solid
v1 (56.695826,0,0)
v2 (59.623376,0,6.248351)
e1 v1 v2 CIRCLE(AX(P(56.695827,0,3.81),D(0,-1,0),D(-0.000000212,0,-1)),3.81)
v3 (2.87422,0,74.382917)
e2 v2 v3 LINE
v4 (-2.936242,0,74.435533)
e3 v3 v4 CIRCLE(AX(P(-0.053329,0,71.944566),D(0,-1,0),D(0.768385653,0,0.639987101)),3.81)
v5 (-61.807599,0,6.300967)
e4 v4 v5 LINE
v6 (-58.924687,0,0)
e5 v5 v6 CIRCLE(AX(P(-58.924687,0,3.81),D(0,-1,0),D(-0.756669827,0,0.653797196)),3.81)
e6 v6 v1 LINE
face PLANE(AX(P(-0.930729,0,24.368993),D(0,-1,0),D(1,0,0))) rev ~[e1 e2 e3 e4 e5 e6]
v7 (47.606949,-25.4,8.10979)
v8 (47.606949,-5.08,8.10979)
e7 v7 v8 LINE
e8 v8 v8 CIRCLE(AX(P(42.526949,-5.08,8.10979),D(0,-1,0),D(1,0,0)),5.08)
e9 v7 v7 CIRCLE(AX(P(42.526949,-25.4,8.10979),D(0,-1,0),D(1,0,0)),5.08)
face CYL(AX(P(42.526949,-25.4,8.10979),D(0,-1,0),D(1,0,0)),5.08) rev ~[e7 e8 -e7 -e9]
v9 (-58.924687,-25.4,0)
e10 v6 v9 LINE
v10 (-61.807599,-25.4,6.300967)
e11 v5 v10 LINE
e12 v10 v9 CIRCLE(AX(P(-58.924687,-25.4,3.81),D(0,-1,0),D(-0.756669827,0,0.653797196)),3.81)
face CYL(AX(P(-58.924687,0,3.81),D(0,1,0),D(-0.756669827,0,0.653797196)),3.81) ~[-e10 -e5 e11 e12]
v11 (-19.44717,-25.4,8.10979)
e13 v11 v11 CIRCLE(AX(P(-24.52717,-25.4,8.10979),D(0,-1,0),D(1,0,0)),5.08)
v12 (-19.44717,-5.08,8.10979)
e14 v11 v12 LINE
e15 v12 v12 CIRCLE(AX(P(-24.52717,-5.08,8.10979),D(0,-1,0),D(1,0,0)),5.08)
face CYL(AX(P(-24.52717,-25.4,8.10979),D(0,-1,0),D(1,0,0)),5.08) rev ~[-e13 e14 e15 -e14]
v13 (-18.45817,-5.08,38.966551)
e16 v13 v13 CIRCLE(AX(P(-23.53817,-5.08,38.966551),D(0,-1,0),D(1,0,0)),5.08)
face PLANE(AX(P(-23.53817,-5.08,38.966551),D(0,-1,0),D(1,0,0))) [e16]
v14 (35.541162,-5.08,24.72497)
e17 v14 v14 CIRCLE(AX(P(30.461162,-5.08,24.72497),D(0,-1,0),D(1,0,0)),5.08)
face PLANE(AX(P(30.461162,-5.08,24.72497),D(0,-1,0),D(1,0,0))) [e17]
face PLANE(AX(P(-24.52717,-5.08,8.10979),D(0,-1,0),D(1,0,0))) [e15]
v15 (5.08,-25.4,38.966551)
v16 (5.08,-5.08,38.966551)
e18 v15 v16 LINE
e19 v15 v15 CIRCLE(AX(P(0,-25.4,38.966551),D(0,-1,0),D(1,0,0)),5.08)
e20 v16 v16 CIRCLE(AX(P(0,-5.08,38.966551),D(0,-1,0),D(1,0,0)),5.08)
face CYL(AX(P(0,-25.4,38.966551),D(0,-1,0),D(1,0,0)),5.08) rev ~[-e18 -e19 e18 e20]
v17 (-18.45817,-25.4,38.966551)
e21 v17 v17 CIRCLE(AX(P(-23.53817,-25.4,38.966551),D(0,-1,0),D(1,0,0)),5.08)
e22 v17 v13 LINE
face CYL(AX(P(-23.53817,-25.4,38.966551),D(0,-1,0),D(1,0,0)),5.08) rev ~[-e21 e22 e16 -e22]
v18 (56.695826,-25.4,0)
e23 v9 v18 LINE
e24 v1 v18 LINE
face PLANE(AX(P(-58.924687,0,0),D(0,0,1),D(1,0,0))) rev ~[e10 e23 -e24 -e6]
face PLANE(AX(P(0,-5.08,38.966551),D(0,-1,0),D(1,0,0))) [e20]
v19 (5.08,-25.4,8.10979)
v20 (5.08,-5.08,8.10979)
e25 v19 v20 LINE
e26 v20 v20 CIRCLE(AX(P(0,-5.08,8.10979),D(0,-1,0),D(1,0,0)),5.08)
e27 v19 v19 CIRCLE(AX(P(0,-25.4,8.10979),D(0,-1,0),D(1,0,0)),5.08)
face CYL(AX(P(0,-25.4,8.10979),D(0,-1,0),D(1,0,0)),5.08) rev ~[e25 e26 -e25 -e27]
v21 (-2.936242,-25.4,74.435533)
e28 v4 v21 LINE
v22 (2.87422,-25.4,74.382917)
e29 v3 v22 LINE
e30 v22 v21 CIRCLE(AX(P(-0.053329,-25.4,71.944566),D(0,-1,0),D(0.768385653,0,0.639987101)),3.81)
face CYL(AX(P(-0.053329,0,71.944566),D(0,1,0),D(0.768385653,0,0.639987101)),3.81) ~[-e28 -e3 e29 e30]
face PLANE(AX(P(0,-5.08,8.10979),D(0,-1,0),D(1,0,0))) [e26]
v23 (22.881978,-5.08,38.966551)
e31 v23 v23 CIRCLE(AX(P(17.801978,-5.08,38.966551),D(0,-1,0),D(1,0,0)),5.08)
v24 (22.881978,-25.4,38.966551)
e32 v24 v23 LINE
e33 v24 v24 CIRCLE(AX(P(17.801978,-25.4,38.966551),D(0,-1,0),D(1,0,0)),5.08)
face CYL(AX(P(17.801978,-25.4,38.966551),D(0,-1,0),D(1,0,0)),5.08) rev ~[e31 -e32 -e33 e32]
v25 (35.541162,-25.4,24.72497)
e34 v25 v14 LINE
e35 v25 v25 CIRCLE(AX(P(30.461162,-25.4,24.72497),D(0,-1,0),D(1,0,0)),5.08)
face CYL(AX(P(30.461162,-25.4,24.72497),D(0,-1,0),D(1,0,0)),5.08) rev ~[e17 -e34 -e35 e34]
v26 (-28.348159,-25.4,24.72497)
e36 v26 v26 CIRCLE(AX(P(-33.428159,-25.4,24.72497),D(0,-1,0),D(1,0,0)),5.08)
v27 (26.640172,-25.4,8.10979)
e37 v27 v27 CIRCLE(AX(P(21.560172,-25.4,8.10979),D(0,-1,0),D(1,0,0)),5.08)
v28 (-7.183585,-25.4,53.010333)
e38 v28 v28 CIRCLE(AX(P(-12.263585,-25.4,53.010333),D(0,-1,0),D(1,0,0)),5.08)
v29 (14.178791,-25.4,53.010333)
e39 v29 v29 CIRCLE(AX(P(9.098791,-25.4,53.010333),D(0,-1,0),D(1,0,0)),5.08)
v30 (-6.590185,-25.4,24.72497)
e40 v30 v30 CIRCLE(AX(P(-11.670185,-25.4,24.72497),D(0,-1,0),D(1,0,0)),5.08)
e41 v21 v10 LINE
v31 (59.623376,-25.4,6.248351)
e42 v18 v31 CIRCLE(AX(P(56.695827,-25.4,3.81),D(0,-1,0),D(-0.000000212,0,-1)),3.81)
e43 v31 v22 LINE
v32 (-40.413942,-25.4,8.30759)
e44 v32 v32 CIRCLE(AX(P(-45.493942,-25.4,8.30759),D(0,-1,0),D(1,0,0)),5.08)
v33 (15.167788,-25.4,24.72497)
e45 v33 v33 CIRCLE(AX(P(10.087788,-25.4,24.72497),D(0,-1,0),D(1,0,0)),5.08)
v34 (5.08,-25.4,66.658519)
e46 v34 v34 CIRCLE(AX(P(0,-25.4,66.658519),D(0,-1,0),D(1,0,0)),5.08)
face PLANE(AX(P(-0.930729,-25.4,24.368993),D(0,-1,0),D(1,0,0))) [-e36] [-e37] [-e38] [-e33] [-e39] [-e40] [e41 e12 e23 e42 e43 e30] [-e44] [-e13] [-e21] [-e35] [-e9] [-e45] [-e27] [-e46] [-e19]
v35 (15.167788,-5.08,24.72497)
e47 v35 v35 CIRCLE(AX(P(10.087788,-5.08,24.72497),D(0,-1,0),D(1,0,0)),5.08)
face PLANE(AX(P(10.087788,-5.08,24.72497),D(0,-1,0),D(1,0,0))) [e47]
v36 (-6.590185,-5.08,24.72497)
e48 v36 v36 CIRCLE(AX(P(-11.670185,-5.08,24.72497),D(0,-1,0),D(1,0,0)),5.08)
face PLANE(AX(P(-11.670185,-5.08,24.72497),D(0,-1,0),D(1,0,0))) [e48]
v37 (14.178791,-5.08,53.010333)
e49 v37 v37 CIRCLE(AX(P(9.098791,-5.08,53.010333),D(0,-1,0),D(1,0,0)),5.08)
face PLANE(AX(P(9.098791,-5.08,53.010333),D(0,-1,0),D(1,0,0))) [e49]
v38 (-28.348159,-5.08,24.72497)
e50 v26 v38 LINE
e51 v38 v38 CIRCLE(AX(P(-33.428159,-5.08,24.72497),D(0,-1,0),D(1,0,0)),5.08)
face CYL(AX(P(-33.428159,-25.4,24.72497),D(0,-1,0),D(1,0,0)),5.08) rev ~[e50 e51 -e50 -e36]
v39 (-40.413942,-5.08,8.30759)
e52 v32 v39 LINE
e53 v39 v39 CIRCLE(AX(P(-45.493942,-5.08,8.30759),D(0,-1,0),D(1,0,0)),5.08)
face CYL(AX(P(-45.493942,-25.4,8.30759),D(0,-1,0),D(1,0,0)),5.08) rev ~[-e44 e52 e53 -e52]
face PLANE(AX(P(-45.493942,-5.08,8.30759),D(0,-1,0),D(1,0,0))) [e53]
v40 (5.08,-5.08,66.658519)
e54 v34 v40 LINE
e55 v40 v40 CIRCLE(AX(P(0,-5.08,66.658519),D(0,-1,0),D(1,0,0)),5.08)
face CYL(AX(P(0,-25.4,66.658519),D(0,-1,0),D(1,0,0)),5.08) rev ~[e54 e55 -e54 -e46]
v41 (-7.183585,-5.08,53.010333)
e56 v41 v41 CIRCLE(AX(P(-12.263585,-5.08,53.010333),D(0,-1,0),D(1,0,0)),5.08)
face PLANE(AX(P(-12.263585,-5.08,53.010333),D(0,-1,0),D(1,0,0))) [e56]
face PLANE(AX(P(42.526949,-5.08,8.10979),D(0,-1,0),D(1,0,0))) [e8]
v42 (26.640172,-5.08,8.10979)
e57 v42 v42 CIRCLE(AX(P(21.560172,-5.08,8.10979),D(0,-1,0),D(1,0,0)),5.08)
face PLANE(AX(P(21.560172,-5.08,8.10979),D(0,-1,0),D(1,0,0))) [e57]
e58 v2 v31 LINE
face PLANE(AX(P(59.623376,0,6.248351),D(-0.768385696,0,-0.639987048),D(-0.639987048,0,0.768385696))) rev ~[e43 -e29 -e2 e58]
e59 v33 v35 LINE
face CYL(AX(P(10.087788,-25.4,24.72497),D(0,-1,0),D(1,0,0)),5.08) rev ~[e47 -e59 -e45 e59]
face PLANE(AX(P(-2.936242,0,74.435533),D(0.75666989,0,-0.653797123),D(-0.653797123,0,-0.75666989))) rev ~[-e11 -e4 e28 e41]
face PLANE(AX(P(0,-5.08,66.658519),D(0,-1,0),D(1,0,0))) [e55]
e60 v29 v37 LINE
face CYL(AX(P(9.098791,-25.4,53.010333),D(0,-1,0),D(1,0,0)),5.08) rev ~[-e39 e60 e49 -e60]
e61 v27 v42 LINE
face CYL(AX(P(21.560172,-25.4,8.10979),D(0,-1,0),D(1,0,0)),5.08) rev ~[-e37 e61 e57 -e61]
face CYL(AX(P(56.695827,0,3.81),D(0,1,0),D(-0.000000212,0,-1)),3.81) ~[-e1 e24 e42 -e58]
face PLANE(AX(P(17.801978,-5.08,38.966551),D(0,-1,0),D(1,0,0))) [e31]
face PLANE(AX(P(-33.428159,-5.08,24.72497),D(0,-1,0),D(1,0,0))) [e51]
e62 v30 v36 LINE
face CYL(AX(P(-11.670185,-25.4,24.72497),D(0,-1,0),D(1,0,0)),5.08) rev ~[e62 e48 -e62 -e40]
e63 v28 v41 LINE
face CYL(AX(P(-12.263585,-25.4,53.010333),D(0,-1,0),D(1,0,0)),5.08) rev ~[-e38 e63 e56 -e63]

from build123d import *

# Parameters (mm, degrees)
F1_DEPTH = 25.4
F2_R     = 5.08
F3_DEPTH = 20.32


with BuildPart() as f1:
    # F0 (on Front) → F1 (new body)
    with BuildSketch(Plane.XZ):
        with BuildLine():
            ThreePointArc((2.87422, 74.382917), (-0.01883, 75.75441), (-2.936242, 74.435533))
            Line((-2.936242, 74.435533), (-61.807599, 6.300967))
            ThreePointArc((-61.807599, 6.300967), (-62.389271, 2.224832), (-58.924687, 0))
            Line((-58.924687, 0), (56.695826, 0))
            ThreePointArc((56.695826, 0), (60.145915, 2.193525), (59.623376, 6.248351))
            Line((59.623376, 6.248351), (2.87422, 74.382917))
        make_face()
    extrude(amount=F1_DEPTH)

    # F2 (on face) → F3 (cut)
    with BuildSketch(Plane.XZ.offset(25.4)):
        with Locations((-45.493942, 8.30759)):
            Circle(F2_R)
        with Locations((-24.52717, 8.10979)):
            Circle(F2_R)
        with Locations((-33.428159, 24.72497)):
            Circle(F2_R)
        with Locations((-11.670185, 24.72497)):
            Circle(F2_R)
        with Locations((0, 8.10979)):
            Circle(F2_R)
        with Locations((21.560172, 8.10979)):
            Circle(F2_R)
        with Locations((42.526949, 8.10979)):
            Circle(F2_R)
        with Locations((30.461162, 24.72497)):
            Circle(F2_R)
        with Locations((10.087788, 24.72497)):
            Circle(F2_R)
        with Locations((0, 38.966551)):
            Circle(F2_R)
        with Locations((-23.53817, 38.966551)):
            Circle(F2_R)
        with Locations((0, 66.658519)):
            Circle(F2_R)
        with Locations((-12.263585, 53.010333)):
            Circle(F2_R)
        with Locations((9.098791, 53.010333)):
            Circle(F2_R)
        with Locations((17.801978, 38.966551)):
            Circle(F2_R)
    extrude(amount=-F3_DEPTH, mode=Mode.SUBTRACT)


solid = f1.part
